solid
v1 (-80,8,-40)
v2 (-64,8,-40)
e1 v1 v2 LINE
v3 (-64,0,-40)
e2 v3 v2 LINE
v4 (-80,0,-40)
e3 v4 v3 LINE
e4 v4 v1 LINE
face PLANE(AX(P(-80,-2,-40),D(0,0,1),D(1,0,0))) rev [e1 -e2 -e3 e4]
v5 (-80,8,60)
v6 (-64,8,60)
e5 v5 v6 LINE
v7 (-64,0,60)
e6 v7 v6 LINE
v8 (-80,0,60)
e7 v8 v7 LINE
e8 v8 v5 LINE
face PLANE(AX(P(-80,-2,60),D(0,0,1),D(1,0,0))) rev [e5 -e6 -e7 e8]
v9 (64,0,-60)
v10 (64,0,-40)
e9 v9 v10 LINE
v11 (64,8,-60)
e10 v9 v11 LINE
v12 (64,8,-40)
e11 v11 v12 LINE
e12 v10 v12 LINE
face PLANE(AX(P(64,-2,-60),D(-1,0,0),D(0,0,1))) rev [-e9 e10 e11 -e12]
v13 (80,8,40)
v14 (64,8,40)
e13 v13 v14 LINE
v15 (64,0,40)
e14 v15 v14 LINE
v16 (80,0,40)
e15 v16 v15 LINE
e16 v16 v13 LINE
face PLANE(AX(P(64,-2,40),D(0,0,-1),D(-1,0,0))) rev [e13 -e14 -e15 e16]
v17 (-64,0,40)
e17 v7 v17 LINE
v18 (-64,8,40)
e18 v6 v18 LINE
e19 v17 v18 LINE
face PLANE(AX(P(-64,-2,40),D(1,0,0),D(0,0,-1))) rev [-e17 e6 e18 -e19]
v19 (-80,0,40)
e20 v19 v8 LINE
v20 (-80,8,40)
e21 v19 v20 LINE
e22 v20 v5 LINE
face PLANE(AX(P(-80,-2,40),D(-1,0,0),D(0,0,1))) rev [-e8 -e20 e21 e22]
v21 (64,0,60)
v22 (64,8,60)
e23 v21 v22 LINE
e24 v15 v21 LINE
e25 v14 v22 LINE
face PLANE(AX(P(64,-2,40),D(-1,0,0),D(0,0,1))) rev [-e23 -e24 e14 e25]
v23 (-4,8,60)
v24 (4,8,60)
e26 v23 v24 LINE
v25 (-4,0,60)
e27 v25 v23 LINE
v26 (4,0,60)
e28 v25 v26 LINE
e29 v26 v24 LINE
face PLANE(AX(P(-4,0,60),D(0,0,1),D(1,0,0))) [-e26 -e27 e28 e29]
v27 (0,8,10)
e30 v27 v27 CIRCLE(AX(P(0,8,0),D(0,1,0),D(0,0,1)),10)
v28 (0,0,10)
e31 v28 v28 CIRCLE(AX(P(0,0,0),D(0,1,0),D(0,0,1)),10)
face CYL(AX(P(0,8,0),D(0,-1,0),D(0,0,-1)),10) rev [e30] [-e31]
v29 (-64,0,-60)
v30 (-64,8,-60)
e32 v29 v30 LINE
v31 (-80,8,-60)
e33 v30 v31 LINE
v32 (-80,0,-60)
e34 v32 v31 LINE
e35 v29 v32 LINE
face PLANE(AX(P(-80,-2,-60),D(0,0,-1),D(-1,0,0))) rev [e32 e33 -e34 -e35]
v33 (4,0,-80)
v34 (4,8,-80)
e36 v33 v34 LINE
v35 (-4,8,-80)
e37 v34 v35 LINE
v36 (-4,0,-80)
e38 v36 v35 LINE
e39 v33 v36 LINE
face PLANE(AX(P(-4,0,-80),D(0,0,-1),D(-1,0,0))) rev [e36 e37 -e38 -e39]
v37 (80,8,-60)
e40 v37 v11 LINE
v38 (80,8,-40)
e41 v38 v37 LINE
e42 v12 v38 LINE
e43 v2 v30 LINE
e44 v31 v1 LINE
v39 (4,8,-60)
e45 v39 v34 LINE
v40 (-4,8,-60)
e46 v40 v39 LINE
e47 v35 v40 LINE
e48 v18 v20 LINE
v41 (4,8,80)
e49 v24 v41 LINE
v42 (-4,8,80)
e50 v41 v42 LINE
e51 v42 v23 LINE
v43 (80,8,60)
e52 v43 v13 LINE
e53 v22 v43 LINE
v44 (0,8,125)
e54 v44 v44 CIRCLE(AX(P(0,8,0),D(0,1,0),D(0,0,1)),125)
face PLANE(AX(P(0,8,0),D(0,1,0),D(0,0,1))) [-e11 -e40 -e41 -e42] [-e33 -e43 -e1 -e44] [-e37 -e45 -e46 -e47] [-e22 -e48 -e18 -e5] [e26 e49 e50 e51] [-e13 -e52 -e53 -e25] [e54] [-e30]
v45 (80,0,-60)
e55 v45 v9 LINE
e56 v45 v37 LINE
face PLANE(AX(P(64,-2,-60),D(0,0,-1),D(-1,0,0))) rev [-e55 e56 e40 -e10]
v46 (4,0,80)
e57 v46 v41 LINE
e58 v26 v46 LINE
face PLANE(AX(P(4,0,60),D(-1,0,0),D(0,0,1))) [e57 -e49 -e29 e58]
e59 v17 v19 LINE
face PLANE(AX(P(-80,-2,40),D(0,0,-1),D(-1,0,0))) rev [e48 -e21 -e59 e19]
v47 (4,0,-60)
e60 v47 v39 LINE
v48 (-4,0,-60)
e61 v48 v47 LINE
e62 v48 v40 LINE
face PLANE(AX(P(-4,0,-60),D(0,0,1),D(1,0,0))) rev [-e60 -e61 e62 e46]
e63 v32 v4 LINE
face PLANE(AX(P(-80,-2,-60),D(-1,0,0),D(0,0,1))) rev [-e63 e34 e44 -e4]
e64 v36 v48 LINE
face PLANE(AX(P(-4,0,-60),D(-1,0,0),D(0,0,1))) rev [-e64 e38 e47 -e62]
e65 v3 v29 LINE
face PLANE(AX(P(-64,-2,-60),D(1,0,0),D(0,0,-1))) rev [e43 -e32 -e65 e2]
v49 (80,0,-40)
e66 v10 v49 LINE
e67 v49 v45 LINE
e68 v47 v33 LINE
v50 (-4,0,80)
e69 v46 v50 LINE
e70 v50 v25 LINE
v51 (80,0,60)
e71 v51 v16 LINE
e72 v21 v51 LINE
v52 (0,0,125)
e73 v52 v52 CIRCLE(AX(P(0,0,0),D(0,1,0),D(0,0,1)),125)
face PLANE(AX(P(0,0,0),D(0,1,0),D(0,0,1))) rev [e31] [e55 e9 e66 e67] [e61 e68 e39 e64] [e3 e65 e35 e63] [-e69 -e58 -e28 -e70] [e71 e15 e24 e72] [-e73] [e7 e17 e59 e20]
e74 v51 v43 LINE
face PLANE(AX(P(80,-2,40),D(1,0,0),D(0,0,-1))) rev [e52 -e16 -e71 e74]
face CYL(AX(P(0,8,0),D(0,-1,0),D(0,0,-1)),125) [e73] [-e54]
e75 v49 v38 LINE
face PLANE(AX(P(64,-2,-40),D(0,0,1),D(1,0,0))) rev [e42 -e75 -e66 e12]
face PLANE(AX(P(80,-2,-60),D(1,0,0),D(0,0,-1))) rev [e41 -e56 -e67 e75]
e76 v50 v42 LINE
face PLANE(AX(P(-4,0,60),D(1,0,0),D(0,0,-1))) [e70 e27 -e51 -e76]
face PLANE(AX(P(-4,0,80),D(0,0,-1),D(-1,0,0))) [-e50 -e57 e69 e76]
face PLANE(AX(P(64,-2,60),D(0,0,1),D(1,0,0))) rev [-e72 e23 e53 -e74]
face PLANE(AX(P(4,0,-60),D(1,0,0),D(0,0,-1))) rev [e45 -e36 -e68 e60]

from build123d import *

# Parameters (mm, degrees)
SKETCH1_R            = 125
SKETCH1_R_2          = 10
BOSS_EXTRUDE1_DEPTH  = 8
SKETCH2_W            = 16
SKETCH2_H            = 20
CUT_EXTRUDE1_DEPTH   = 10
LPATTERN1_COUNT      = 2
LPATTERN1_PITCH      = 144
LPATTERN1_COUNT_DIR2 = 2
LPATTERN1_PITCH_DIR2 = 100
SKETCH3_W            = 8
SKETCH3_H            = 20
CUT_EXTRUDE2_DEPTH   = 8


with BuildPart() as part:
    # Sketch1 → Boss-Extrude1 (new body)
    with BuildSketch(Plane(origin=(0, 0, 0), x_dir=(1, 0, 0), z_dir=(0, 1, 0))):
        with Locations(Location((0, 0, 0), (0, 0, 270))):
            Circle(SKETCH1_R)
        with Locations(Location((0, 0, 0), (0, 0, 270))):
            Circle(SKETCH1_R_2, mode=Mode.SUBTRACT)
    extrude(amount=BOSS_EXTRUDE1_DEPTH)

    # Sketch2 → Cut-Extrude1 (cut)
    with BuildSketch(Plane(origin=(0, 8, 0), x_dir=(1, 0, 0), z_dir=(0, 1, 0))):
        with Locations((-72, 50)):
            Rectangle(SKETCH2_W, SKETCH2_H)
    cut_extrude1 = extrude(amount=-CUT_EXTRUDE1_DEPTH, mode=Mode.SUBTRACT)

    # LPattern1: Cut-Extrude1 2 × 2
    with Locations(*[(i * LPATTERN1_PITCH, 0, j * LPATTERN1_PITCH_DIR2) for i in range(LPATTERN1_COUNT) for j in range(LPATTERN1_COUNT_DIR2) if (i, j) != (0, 0)]):
        add(cut_extrude1, mode=Mode.SUBTRACT)

    # Sketch3 → Cut-Extrude2 (cut)
    with BuildSketch(Plane(origin=(0, 8, 0), x_dir=(1, 0, 0), z_dir=(0, 1, 0))):
        with Locations((0, 70)):
            Rectangle(SKETCH3_W, SKETCH3_H)
    cut_extrude2 = extrude(amount=-CUT_EXTRUDE2_DEPTH, mode=Mode.SUBTRACT)

    # Mirror1: Cut-Extrude2 across plane
    add(cut_extrude2.mirror(Plane.XY), mode=Mode.SUBTRACT)


solid = part.part
